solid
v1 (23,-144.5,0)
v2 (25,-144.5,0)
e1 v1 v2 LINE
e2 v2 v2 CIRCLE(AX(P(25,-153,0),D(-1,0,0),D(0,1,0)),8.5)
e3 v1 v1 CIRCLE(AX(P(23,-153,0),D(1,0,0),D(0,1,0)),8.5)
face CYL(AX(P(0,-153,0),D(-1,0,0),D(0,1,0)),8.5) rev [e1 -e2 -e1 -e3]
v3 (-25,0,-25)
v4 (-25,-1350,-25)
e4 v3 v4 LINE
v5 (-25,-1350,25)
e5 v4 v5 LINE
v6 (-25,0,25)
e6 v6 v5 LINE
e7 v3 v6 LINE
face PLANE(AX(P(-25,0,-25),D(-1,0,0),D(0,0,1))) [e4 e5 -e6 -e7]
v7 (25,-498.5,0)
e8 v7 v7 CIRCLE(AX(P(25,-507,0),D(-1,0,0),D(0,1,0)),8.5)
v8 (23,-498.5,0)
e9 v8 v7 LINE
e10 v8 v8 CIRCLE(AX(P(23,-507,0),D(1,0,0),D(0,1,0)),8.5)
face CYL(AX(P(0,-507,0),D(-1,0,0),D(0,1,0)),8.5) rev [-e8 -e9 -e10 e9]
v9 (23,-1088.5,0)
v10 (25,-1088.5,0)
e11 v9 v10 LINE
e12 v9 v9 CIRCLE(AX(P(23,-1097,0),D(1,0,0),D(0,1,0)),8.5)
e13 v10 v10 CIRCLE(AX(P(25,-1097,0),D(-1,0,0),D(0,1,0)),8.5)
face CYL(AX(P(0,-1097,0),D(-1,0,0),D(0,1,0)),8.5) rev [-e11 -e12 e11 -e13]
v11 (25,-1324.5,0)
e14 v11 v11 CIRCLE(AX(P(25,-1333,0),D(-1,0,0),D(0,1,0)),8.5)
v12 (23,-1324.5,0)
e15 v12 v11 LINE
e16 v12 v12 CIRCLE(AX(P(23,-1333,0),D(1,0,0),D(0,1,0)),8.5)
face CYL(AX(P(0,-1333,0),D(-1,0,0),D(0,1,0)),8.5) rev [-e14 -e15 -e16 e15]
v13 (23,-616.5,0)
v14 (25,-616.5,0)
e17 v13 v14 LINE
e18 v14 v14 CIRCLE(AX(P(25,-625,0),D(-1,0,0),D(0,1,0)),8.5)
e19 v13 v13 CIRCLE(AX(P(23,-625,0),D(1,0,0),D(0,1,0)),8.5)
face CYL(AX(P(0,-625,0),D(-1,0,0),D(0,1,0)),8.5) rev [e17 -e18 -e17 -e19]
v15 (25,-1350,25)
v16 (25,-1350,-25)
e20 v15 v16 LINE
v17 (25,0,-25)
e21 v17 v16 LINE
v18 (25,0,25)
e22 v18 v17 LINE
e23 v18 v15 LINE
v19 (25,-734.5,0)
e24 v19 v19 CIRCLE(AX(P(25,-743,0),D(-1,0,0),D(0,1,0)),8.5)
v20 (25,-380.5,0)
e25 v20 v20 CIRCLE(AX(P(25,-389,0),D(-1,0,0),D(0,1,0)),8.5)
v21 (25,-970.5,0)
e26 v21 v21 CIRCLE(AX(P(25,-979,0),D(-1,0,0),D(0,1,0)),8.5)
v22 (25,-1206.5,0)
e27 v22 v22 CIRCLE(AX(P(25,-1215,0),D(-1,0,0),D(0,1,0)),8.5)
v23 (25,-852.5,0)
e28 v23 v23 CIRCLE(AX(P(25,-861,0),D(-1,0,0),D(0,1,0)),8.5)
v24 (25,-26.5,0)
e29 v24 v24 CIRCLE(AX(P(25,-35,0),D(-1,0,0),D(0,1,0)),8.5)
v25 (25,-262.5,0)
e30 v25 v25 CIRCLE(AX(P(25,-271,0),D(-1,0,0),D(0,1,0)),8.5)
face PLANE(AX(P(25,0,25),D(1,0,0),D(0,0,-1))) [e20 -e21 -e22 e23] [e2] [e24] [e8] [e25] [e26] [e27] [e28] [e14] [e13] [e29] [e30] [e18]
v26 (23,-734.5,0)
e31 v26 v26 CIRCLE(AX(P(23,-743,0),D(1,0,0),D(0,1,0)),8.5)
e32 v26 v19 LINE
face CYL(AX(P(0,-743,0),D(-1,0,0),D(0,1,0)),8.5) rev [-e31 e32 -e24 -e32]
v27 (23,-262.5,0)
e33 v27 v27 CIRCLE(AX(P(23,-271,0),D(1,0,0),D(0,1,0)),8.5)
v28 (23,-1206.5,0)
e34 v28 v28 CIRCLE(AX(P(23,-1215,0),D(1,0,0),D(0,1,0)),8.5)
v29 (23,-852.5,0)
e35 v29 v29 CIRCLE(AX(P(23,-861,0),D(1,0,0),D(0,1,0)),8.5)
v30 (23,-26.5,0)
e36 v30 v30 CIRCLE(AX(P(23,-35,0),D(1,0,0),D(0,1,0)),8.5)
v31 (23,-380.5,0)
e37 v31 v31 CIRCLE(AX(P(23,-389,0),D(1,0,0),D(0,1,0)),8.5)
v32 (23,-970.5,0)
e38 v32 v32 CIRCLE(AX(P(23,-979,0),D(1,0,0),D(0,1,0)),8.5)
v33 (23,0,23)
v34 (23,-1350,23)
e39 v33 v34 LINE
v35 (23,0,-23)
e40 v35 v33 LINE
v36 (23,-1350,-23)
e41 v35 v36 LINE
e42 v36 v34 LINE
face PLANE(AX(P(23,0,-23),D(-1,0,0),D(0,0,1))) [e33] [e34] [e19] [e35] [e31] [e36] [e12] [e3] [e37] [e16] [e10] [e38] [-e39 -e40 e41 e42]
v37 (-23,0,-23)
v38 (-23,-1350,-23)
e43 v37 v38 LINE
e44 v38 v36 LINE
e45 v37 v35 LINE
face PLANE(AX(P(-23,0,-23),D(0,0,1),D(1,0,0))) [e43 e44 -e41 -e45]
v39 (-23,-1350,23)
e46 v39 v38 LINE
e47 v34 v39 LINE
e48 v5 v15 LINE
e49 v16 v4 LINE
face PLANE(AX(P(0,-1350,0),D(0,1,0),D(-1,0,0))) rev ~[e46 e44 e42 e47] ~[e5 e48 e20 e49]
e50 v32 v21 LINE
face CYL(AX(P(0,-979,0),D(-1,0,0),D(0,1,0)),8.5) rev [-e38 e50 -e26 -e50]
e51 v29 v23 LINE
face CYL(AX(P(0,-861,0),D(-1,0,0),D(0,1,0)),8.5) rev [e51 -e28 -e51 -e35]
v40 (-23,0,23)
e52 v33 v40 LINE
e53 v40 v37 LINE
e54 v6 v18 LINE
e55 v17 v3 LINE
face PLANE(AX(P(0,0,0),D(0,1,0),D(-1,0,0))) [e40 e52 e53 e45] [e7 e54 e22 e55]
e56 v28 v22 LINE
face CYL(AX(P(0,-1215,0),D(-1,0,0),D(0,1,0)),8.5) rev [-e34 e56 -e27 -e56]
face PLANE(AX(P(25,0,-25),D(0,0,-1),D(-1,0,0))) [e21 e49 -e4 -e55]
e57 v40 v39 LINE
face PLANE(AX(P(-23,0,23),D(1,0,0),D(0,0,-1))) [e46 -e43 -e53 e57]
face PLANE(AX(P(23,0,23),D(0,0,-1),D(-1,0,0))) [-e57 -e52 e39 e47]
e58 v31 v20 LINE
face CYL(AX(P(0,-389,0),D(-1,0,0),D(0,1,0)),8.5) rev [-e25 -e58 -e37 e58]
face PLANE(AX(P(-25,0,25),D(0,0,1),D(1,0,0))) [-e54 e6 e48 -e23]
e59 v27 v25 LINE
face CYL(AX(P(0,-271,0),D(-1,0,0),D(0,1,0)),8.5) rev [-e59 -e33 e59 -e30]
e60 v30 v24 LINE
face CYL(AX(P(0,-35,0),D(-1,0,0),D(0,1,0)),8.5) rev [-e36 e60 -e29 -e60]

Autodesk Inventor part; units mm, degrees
ref_plane "YZ Plane" through (0, 0, 0) normal (1, 0, 0) x (0, 1, 0)
ref_plane "XZ Plane" through (0, 0, 0) normal (0, 1, 0) x (-1, 0, 0)
ref_plane "XY Plane" through (0, 0, 0) normal (0, 0, 1) x (1, 0, 0)
sketch "Sketch9" plane through (0, 0, 0) normal (0, 1, 0) x (-1, 0, 0)
  line L0 (25, 25) -> (-25, 25)
  line L1 (-25, 25) -> (-25, -25)
  line L2 (-25, -25) -> (25, -25)
  line L3 (25, -25) -> (25, 25)
  line L4 (25, 25) -> (-25, -25) construction
  line L5 (-25, 25) -> (25, -25) construction
  line L6 (-23, 23) -> (23, 23)
  line L7 (23, 23) -> (23, -23)
  line L8 (23, -23) -> (-23, -23)
  line L9 (-23, -23) -> (-23, 23)
  point P0 (0, 0)
  dimension "d172" = 50
  dimension "d173" = 50
  dimension "d174" = 2
extrude "Extrusion3" add sketch "Sketch9" against normal blind 1350
sketch "Sketch10" plane through (0, 0, 0) normal (1, 0, 0) x (0, 1, 0)
  line L0 (0, 25) -> (0, -25) construction
  line L1 (0, 25) -> (-1350, 25) construction
  line L2 (-1350, -25) -> (-1350, 25) construction
  line L3 (0, -25) -> (-1350, -25) construction
  line L4 (-43.5, 8.5) -> (-26.5, 8.5)
  line L5 (-26.5, 8.5) -> (-26.5, -8.5)
  line L6 (-26.5, -8.5) -> (-43.5, -8.5)
  line L7 (-43.5, -8.5) -> (-43.5, 8.5)
  line L8 (-43.5, 8.5) -> (-26.5, -8.5) construction
  line L9 (-26.5, 8.5) -> (-43.5, -8.5) construction
  line L10 (0, 0) -> (50, 0)
  circle A0 centre (-35, 0) radius 8.5
  dimension "d177" = 17
  dimension "d178" = 17
  dimension "d181" = 50
  dimension "d190" = 35
extrude "Extrusion4" cut sketch "Sketch10" along normal through all contours A0
pattern_linear "Rectangular Pattern4" count 12 spacing 118 along (0, -1, 0) of "Extrusion4"
properties part number "TKS 3521 FDS way 1" material "Stainless Steel"
